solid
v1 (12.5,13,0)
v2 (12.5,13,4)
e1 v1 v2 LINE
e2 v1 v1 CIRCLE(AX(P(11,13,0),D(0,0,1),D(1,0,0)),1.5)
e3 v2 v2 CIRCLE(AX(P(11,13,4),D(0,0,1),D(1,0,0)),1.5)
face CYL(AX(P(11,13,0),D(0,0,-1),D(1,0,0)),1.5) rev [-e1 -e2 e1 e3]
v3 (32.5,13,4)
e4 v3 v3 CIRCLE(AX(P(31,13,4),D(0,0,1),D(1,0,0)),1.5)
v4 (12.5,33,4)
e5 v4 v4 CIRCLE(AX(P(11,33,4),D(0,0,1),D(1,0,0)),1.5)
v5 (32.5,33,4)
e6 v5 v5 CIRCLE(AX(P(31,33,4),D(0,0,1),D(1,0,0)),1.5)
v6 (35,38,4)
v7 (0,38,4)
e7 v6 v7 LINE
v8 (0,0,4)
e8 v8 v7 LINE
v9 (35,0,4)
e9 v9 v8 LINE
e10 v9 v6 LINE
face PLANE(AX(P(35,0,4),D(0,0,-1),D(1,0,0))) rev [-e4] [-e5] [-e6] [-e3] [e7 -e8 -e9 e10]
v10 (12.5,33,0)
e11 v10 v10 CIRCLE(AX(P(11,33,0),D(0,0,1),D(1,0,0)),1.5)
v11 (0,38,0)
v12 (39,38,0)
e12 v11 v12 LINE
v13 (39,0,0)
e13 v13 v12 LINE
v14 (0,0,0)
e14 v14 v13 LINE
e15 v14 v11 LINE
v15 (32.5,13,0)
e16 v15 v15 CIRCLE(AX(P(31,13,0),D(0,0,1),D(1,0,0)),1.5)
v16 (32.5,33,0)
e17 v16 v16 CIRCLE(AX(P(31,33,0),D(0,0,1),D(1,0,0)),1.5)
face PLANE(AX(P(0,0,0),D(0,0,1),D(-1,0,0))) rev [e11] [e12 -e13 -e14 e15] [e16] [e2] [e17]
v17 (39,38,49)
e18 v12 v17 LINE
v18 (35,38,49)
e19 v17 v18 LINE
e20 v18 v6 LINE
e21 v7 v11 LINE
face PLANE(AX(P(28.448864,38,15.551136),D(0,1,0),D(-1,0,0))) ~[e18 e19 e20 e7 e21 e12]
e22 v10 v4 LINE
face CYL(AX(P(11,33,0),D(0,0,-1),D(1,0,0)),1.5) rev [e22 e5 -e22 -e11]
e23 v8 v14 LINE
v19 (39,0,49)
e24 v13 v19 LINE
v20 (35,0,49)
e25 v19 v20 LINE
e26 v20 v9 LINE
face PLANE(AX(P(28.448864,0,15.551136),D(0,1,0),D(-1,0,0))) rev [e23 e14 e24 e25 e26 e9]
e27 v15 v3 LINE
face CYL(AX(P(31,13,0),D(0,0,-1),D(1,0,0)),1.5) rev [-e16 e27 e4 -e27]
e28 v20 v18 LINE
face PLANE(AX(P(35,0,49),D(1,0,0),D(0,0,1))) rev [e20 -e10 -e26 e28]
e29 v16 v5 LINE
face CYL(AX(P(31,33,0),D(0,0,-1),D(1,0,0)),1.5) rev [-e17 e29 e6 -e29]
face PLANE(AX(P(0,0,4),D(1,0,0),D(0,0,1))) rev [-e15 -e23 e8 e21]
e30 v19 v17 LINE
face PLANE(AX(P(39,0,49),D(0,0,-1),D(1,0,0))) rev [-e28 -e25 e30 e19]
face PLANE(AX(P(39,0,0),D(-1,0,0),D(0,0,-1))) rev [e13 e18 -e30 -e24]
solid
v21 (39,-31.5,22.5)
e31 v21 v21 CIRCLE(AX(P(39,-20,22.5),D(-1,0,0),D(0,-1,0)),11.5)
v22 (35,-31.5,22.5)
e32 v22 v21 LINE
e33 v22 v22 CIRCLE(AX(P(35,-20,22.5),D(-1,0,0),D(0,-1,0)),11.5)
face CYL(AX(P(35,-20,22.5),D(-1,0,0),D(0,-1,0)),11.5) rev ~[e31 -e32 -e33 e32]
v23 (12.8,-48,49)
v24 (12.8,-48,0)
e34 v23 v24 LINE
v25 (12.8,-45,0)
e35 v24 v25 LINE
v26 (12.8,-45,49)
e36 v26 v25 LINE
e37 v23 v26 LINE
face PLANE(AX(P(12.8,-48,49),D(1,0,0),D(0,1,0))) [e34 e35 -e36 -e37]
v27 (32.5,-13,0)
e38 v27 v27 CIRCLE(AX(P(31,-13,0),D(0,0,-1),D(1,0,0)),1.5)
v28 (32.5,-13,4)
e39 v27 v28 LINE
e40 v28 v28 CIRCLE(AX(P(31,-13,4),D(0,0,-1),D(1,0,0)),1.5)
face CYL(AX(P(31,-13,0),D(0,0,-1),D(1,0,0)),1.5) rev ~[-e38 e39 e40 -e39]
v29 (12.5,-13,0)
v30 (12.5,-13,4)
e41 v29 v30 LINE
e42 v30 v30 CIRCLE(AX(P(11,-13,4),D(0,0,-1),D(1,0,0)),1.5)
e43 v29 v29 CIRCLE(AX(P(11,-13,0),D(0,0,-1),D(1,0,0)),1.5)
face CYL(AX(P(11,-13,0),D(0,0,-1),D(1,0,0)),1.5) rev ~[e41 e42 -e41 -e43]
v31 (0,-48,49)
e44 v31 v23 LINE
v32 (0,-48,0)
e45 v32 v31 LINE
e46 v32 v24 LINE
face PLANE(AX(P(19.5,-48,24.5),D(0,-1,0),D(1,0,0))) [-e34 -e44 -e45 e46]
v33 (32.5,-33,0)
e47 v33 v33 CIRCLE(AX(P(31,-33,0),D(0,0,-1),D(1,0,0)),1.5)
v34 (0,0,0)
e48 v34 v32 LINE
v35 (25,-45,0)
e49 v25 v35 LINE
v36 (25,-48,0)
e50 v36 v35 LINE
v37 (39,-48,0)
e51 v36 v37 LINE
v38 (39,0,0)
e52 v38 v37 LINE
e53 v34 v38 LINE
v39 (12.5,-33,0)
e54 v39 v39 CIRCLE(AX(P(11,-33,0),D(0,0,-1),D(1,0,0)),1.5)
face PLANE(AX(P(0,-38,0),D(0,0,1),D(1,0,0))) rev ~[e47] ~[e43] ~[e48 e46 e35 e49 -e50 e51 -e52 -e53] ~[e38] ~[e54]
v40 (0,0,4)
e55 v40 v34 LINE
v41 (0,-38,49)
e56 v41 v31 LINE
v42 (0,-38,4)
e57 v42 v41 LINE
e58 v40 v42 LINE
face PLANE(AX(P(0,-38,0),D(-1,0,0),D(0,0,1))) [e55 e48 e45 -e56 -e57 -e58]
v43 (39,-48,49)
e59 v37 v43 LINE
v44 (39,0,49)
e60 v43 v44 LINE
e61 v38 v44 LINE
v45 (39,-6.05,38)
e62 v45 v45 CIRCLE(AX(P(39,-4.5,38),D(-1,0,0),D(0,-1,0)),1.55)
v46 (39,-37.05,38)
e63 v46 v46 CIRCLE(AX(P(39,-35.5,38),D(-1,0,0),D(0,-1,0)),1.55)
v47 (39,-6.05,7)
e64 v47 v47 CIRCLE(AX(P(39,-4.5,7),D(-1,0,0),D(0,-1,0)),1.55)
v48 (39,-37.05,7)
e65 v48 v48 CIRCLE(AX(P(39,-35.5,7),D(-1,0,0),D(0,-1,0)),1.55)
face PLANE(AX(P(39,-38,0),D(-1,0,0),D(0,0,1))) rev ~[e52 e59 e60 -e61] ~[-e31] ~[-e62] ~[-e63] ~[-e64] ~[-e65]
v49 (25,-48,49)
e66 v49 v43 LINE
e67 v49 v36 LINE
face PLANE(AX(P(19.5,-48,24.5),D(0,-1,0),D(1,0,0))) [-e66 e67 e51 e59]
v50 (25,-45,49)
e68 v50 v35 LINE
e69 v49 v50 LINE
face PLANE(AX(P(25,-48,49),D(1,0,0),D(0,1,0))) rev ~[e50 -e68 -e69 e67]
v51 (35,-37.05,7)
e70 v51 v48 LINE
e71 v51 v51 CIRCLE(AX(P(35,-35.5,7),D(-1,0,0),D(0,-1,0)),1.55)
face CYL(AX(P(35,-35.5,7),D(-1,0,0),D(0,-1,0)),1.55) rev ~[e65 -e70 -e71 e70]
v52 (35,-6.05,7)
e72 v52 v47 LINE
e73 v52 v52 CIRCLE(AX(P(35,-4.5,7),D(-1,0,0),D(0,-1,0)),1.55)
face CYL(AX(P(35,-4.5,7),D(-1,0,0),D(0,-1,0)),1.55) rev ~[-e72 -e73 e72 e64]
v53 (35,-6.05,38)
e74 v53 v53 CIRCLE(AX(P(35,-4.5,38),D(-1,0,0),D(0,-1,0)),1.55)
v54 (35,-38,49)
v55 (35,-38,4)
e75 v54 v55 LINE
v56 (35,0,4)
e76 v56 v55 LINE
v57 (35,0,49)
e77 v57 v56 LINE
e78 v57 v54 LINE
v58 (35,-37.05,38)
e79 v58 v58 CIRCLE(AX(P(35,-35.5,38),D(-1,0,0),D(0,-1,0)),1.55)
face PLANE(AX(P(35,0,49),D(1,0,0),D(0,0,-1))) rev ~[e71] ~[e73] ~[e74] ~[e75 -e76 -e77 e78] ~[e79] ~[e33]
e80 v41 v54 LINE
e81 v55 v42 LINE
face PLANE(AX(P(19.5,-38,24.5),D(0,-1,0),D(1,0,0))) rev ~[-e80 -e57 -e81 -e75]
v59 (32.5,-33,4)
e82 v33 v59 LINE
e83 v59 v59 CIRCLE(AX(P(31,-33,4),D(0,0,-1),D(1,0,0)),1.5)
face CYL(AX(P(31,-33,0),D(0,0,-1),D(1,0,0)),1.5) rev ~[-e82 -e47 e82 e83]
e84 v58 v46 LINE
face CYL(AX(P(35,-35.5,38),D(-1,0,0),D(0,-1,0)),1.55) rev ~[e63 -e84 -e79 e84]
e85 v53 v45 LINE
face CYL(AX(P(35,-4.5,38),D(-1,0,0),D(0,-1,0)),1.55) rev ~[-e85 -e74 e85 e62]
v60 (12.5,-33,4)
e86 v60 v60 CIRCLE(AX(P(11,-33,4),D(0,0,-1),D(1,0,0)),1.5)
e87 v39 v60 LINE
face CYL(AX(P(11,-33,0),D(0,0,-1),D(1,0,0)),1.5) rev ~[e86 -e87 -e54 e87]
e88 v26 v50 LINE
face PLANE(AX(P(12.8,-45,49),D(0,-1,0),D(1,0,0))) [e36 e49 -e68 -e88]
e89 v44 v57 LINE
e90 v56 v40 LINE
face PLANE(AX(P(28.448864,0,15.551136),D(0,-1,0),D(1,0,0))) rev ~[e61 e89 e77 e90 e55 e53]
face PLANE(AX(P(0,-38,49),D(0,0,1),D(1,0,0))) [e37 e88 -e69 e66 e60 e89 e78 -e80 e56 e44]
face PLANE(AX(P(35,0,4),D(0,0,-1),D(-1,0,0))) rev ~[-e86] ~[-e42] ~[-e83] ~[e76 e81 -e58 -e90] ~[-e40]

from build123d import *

# Parameters (mm, degrees)
F1_DEPTH  = 38
F2_R      = 1.5
F3_DEPTH  = 25
F4_R      = 1.55
F4_R_2    = 11.5
F6_DEPTH  = 4.001
F7_W      = 39
F7_H      = 49
F8_DEPTH  = 10
F9_W      = 12.2
F9_H      = 3
F10_DEPTH = 49.001


with BuildPart() as f1:
    # F0 (on Front) → F1 (new body)
    with BuildSketch(Plane.XZ):
        Polygon((0, 4), (0, 0), (39, 0), (39, 25), (39, 49), (35, 49), (35, 23), (35, 4), align=None)
    extrude(amount=F1_DEPTH)

    # F2 (on face) → F3 (cut)
    with BuildSketch(Plane(origin=(0, 0, 0), x_dir=(1, 0, 0), z_dir=(0, 0, -1))):
        with Locations((11, 13)):
            Circle(F2_R)
        with Locations((31, 13)):
            Circle(F2_R)
        with Locations((11, 33)):
            Circle(F2_R)
        with Locations((31, 33)):
            Circle(F2_R)
    extrude(amount=-F3_DEPTH, mode=Mode.SUBTRACT)


with BuildPart() as f5_1:
    # F5: instance of F1
    add(f1.part.mirror(Plane.XZ))


with BuildPart() as f1_1:
    add(f1.part)

    # F4 (on face) → F6 (cut, through all)
    with BuildSketch(Plane(origin=(35, 0, 0), x_dir=(0, -1, 0), z_dir=(-1, 0, 0))):
        with Locations((4.5, 38)):
            Circle(F4_R)
        with Locations((35.5, 38)):
            Circle(F4_R)
        with Locations((4.5, 7)):
            Circle(F4_R)
        with Locations((35.5, 7)):
            Circle(F4_R)
        with Locations((20, 22.5)):
            Circle(F4_R_2)
    extrude(amount=-F6_DEPTH, mode=Mode.SUBTRACT)

    # F7 (on face) → F8 (join)
    with BuildSketch(Plane.XZ.offset(38)):
        with Locations((19.5, 24.5)):
            Rectangle(F7_W, F7_H)
    extrude(amount=F8_DEPTH)

    # F9 (on face) → F10 (cut, through all)
    with BuildSketch(Plane.XY.offset(49)):
        with Locations((18.9, -46.5)):
            Rectangle(F9_W, F9_H)
    extrude(amount=-F10_DEPTH, mode=Mode.SUBTRACT)


solid = Compound([f5_1.part, f1_1.part])
